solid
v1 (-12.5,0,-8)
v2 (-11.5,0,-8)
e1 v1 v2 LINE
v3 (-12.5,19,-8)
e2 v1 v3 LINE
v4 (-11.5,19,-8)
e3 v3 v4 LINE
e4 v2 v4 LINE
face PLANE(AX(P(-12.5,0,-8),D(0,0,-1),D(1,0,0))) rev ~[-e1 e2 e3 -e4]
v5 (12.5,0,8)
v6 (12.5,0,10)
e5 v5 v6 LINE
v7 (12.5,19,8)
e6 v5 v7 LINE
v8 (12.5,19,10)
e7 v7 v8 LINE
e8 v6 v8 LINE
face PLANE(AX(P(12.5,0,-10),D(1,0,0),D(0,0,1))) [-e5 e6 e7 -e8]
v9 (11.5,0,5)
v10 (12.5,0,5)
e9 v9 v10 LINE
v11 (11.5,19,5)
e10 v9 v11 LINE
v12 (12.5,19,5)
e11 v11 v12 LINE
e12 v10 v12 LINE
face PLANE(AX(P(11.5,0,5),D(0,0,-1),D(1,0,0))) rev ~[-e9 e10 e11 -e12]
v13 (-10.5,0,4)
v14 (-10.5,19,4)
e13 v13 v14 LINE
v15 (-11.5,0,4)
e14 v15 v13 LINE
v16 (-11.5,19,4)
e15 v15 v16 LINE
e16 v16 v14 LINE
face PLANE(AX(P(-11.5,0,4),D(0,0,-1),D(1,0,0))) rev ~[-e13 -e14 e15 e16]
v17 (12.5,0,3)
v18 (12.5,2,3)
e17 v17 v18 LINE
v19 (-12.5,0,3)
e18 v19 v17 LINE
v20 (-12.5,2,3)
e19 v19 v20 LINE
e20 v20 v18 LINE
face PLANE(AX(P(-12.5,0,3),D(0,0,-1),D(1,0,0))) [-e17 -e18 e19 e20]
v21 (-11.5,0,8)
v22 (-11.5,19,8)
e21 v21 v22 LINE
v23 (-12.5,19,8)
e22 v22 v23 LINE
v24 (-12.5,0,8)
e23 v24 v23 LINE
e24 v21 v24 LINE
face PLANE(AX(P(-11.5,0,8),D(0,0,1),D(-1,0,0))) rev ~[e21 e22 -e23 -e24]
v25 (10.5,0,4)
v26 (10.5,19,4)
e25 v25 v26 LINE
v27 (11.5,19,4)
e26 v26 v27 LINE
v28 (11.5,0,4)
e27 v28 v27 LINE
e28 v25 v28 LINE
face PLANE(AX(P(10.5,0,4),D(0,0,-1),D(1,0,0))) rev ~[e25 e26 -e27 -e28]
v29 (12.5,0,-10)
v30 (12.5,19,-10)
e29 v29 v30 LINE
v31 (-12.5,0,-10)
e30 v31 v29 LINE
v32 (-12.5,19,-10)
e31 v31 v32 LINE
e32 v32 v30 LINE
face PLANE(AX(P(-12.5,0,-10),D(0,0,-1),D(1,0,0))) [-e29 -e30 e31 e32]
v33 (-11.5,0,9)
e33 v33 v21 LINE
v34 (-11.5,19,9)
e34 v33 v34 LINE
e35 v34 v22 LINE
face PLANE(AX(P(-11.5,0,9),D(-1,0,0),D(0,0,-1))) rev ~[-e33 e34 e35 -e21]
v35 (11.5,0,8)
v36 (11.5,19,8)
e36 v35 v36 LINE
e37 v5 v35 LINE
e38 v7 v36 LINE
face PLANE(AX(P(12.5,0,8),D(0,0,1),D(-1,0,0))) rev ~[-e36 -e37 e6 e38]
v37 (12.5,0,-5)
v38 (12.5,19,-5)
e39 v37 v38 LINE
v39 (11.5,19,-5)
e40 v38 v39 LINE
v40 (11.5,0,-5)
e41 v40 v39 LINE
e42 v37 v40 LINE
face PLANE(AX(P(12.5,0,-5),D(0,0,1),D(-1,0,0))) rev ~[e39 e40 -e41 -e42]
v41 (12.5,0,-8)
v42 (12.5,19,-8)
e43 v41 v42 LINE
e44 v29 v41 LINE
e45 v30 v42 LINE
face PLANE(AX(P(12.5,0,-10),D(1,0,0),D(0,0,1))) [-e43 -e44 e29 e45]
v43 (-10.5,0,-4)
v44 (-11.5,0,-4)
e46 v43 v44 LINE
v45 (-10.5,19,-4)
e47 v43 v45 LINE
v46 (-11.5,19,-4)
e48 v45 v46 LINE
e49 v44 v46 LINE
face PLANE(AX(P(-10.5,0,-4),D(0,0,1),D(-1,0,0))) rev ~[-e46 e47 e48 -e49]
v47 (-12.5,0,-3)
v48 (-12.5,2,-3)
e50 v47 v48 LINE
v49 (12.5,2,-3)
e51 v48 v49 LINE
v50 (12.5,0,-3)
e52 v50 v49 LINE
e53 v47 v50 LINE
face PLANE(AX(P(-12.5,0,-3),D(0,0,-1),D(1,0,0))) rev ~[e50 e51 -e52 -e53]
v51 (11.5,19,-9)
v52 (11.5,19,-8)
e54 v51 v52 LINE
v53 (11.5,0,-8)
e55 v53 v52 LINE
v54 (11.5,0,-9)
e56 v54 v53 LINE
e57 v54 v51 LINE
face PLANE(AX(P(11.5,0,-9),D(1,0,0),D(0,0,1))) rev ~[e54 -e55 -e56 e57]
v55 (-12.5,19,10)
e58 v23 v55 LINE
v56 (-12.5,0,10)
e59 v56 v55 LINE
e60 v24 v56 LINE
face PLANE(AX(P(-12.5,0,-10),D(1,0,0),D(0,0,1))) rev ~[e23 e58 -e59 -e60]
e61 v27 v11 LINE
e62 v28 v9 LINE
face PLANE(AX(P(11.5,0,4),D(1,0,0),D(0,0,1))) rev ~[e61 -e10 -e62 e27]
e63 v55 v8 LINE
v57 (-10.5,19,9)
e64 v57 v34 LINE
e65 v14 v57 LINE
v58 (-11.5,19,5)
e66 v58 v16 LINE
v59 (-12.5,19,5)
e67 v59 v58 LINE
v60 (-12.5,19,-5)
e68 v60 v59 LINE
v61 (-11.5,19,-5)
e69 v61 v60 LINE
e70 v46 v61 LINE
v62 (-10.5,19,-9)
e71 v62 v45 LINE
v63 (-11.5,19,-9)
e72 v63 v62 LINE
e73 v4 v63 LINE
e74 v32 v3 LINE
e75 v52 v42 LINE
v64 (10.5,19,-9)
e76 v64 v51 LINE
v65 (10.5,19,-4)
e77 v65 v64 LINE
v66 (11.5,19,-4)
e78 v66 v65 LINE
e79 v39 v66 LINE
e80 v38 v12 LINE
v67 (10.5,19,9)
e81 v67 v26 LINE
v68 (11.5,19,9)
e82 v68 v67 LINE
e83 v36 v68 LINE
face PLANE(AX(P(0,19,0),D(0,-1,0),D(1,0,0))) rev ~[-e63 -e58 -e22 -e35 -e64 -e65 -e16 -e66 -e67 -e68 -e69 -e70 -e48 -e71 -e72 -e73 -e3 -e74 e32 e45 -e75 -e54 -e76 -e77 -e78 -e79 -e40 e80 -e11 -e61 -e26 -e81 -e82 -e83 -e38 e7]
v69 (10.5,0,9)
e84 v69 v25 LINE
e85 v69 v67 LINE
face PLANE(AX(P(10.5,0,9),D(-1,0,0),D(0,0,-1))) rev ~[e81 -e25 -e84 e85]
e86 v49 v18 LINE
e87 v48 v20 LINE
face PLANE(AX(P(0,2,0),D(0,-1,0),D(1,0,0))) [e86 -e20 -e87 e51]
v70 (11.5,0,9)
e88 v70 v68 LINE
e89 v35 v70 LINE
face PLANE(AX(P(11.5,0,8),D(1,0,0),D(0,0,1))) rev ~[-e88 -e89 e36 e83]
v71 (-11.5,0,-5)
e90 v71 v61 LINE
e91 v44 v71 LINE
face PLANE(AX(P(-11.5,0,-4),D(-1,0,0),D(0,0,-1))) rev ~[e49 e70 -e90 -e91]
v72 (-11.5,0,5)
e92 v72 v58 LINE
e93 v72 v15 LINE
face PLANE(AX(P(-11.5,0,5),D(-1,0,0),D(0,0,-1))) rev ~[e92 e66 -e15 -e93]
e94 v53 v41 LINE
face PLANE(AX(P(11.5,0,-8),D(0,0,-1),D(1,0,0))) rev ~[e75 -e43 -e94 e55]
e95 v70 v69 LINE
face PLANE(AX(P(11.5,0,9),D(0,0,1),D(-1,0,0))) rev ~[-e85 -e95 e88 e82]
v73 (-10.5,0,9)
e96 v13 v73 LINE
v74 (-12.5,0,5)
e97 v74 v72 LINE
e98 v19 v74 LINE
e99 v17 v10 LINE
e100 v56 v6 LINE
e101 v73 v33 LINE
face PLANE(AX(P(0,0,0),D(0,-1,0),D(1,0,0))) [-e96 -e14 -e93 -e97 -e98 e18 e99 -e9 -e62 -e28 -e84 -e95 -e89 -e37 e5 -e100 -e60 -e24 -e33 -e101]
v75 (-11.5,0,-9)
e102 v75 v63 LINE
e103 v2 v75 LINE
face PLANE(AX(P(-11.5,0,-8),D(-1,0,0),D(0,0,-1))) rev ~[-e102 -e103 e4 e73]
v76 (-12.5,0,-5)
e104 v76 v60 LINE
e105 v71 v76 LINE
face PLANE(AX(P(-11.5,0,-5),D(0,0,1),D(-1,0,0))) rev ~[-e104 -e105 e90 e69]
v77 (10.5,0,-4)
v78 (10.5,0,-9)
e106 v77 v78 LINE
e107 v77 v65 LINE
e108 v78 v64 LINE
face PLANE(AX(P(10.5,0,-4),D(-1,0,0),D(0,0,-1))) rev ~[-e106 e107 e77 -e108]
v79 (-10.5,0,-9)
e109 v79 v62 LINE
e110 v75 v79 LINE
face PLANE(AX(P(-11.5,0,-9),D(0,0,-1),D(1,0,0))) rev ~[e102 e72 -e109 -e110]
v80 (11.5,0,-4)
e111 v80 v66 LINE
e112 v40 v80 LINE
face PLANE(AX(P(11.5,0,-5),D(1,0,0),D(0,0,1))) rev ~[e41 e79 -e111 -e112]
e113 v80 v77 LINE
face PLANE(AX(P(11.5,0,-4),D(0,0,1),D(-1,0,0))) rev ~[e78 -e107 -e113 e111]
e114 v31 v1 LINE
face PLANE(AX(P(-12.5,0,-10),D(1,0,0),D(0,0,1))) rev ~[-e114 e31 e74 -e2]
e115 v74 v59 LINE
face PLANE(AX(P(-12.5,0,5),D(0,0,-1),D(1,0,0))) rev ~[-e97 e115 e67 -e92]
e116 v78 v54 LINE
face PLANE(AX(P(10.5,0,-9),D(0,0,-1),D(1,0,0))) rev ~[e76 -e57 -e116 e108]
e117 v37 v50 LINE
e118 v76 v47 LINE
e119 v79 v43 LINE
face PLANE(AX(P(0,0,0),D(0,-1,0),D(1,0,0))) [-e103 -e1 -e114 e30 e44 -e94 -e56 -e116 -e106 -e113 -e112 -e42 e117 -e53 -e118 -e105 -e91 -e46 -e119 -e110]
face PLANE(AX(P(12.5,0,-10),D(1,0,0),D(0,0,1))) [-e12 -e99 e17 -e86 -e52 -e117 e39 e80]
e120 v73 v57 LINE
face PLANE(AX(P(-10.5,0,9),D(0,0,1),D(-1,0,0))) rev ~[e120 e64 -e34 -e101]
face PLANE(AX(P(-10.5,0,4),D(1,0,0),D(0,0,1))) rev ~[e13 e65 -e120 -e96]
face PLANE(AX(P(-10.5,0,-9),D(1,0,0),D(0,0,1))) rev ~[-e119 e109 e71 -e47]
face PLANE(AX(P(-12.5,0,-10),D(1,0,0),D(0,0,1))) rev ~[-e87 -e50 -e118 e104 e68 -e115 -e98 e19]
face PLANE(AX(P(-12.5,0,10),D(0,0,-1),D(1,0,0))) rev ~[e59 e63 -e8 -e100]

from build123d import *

# Parameters (mm, degrees)
F0_W     = 25
F0_H     = 20
F1_DEPTH = 19
F2_W     = 25
F2_H     = 6
F3_DEPTH = 2
F5_DEPTH = 19.001


with BuildPart() as f1:
    # F0 (on Front) → F1 (new body)
    with BuildSketch(Plane.XZ):
        Rectangle(F0_W, F0_H)
    extrude(amount=-F1_DEPTH)

    # F2 (on face) → F3 (cut)
    with BuildSketch(Plane.XZ):
        Rectangle(F2_W, F2_H)
    extrude(amount=-F3_DEPTH, mode=Mode.SUBTRACT)

    # F4 (on face) → F5 (cut, through all)
    with BuildSketch(Plane.XZ):
        Polygon((-11.5, 8), (-12.5, 8), (-12.5, 5), (-11.5, 5), (-11.5, 4), (-10.5, 4), (-10.5, 9), (-11.5, 9), align=None)
        Polygon((11.5, 8), (11.5, 9), (10.5, 9), (10.5, 4), (11.5, 4), (11.5, 5), (12.5, 5), (12.5, 8), align=None)
        Polygon((-11.5, -4), (-11.5, -5), (-12.5, -5), (-12.5, -8), (-11.5, -8), (-11.5, -9), (-10.5, -9), (-10.5, -4), align=None)
        Polygon((12.5, -5), (11.5, -5), (11.5, -4), (10.5, -4), (10.5, -9), (11.5, -9), (11.5, -8), (12.5, -8), align=None)
    extrude(amount=-F5_DEPTH, mode=Mode.SUBTRACT)


solid = f1.part
